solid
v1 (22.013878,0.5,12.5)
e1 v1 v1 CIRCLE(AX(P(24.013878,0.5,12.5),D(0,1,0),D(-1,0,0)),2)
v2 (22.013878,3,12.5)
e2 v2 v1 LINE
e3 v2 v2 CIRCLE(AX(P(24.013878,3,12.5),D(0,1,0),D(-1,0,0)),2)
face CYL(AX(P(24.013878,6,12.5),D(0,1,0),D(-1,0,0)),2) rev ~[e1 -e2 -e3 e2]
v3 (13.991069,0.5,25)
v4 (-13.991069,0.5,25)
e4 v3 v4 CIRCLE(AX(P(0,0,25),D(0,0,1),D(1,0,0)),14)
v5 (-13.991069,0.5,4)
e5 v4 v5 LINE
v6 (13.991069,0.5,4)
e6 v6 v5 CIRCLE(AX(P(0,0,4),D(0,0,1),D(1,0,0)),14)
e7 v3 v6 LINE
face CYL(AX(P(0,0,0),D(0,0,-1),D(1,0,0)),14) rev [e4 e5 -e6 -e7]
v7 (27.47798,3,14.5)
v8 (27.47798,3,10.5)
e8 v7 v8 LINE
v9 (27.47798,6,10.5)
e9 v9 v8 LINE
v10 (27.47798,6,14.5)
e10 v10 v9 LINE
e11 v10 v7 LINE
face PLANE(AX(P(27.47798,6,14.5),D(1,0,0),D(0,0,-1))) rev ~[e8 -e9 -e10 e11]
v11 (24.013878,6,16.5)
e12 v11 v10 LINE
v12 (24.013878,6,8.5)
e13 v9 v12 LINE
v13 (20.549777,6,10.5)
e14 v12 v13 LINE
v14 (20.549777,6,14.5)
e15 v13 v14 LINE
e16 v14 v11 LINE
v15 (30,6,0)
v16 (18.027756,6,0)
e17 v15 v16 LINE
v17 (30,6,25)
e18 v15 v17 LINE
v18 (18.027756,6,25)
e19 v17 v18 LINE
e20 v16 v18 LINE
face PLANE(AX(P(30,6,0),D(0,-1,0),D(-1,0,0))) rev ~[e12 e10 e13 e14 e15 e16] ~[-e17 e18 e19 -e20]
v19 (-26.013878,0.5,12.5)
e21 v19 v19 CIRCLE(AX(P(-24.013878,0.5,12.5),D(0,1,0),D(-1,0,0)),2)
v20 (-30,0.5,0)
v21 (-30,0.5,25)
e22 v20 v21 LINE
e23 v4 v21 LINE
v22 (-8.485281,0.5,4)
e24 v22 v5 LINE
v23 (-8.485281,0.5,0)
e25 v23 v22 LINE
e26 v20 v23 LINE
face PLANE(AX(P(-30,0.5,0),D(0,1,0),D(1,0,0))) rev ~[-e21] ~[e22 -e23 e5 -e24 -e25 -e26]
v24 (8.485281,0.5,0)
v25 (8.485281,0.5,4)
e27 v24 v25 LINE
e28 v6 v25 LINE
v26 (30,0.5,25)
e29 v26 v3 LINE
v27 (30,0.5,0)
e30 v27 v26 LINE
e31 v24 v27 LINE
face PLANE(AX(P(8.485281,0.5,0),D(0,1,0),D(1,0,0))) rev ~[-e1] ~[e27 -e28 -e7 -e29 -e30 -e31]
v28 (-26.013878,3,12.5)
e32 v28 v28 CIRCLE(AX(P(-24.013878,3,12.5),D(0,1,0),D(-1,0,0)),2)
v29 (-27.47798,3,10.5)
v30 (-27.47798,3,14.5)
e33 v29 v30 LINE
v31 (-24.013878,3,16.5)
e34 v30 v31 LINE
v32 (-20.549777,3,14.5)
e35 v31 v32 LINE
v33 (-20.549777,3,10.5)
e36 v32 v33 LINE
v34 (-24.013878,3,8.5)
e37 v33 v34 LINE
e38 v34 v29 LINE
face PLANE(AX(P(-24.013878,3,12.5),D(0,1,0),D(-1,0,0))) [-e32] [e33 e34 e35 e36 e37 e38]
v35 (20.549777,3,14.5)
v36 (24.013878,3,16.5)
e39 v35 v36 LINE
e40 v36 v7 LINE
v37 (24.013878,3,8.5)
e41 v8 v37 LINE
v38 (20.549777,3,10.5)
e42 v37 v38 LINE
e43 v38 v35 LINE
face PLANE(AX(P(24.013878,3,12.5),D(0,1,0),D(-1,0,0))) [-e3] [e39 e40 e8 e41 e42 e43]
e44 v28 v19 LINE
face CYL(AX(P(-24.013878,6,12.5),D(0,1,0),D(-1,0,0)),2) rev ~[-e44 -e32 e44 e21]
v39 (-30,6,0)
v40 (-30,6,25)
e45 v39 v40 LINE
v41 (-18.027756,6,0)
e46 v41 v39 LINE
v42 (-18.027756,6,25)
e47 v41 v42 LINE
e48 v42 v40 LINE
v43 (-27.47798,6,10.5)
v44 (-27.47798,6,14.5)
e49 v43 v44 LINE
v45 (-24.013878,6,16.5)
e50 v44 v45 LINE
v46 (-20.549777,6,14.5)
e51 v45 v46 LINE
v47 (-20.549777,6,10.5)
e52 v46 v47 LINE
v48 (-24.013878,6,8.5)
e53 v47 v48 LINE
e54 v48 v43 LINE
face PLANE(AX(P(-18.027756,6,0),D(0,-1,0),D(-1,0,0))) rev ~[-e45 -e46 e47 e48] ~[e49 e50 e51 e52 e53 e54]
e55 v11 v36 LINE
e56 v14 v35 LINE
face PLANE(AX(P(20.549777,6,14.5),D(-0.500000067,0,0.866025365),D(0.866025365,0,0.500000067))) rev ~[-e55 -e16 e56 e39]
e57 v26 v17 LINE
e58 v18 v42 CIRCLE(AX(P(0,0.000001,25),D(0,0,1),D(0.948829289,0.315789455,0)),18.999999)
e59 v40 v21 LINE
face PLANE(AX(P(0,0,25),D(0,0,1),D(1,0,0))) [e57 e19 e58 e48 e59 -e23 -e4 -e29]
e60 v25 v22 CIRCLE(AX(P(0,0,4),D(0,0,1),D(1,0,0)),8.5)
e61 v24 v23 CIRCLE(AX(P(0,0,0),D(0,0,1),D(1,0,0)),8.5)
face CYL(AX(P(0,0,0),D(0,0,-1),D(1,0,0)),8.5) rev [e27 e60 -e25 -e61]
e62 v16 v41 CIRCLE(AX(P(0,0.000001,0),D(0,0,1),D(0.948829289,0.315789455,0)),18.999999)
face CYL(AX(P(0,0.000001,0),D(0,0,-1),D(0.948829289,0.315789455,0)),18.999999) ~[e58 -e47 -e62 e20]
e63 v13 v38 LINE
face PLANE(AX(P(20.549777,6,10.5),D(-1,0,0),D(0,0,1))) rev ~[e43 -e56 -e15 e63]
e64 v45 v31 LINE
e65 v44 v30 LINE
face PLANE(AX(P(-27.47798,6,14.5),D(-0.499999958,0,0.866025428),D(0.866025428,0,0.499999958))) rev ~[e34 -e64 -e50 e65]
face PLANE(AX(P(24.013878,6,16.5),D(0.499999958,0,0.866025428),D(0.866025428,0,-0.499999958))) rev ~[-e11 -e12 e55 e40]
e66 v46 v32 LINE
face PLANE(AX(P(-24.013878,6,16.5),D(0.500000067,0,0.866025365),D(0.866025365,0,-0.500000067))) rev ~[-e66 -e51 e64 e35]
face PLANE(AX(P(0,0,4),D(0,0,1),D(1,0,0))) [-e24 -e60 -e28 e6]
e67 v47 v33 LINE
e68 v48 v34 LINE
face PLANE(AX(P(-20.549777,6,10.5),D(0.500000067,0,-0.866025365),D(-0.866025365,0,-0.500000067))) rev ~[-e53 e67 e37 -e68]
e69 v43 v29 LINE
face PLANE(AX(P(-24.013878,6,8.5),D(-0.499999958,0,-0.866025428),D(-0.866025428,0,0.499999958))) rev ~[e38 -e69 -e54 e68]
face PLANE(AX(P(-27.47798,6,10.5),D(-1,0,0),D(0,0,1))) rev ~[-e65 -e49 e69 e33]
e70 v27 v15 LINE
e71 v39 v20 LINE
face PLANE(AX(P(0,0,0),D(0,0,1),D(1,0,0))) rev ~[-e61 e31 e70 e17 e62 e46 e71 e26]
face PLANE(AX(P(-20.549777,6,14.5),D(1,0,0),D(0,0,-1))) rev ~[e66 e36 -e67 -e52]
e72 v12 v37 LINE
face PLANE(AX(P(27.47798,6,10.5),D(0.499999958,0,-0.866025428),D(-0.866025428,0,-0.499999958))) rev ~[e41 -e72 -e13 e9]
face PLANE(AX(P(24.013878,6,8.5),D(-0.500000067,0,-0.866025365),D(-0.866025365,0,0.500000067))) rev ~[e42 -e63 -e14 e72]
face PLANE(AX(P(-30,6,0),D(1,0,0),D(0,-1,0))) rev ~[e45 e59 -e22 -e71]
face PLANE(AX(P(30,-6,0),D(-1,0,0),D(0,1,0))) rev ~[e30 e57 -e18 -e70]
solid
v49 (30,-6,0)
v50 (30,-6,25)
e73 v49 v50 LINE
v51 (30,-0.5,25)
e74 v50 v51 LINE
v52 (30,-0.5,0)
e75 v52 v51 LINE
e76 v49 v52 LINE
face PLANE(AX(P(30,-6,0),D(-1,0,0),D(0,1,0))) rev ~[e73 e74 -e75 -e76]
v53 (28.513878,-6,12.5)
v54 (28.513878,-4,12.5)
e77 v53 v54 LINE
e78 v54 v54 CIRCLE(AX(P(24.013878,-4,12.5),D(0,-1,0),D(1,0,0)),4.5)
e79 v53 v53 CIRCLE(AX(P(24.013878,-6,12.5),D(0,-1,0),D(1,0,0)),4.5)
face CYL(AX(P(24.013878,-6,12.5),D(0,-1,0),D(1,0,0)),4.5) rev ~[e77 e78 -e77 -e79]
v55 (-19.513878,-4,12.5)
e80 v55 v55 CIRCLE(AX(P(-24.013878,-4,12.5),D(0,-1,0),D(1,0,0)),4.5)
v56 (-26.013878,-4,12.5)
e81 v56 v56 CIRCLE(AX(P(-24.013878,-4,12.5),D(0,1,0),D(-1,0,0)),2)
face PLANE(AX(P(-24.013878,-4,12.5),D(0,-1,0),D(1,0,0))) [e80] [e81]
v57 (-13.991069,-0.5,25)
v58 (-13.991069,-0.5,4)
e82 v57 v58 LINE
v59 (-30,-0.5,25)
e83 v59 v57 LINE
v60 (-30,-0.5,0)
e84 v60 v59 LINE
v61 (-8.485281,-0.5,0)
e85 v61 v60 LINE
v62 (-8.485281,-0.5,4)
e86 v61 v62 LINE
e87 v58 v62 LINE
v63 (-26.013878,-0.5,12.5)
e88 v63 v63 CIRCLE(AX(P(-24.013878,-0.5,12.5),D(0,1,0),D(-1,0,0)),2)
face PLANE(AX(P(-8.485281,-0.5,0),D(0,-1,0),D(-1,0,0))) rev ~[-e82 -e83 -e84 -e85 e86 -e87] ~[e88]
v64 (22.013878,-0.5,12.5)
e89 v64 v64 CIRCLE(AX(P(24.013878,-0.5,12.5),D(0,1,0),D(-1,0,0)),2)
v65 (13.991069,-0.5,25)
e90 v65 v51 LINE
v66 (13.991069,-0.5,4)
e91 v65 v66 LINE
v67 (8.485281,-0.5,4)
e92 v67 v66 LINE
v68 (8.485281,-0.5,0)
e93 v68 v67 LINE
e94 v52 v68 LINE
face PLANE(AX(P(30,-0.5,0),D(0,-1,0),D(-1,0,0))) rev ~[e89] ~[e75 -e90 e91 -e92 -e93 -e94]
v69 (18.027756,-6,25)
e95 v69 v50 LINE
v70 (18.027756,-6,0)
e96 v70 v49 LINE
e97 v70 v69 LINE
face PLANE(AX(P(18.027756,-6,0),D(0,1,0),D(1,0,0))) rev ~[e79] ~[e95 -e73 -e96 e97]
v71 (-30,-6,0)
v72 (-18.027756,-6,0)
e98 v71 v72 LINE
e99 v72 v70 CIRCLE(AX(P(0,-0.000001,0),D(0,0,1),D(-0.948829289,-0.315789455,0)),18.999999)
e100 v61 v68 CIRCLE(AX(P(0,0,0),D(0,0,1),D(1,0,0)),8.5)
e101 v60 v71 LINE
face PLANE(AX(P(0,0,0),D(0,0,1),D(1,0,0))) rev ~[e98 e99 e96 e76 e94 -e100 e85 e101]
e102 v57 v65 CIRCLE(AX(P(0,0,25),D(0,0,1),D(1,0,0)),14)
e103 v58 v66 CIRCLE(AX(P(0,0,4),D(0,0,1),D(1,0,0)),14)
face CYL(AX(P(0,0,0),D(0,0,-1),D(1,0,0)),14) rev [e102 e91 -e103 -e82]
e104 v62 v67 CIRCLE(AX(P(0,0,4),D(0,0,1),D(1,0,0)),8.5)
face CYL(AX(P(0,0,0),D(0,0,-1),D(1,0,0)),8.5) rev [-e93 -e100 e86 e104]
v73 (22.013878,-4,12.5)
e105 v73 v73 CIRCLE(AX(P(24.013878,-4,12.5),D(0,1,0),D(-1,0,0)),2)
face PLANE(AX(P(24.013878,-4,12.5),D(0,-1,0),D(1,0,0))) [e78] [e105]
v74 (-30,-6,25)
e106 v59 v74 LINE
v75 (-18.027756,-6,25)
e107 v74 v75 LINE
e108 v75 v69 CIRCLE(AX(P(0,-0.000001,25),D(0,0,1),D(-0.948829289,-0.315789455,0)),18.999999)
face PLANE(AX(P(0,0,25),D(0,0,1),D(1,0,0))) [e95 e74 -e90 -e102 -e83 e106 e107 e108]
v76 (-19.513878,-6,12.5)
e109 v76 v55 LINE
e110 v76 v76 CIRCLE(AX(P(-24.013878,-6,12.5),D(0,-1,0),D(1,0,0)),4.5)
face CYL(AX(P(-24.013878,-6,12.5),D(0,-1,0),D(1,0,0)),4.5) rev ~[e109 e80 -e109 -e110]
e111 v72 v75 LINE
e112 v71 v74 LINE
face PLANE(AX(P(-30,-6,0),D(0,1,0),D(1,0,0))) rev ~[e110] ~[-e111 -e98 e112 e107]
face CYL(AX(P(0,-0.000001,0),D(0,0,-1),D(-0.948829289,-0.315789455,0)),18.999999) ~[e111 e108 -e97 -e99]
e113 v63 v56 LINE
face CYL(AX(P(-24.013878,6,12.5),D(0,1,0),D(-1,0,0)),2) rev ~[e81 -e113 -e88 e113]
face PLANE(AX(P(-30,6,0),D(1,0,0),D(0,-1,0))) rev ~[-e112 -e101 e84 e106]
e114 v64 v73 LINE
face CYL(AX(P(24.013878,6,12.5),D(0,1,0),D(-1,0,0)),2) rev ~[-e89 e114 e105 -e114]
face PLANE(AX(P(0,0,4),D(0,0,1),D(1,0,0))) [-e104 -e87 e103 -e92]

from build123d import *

# Parameters (mm, degrees)
F0_R     = 14
F1_DEPTH = 25
F0_R_2   = 8.5
F2_DEPTH = 4
F3_R     = 2
F4_DEPTH = 25
F5_DEPTH = 3
F6_R     = 4.5
F6_R_2   = 2
F7_DEPTH = 2
F9_DEPTH = 30


with BuildPart() as f1:
    # F0 (on Top) → F1 (new body)
    with BuildSketch(Plane.XY):
        with BuildLine():
            Line((-30, -6), (-18.027756, -6))
            ThreePointArc((-18.027756, -6), (0, -19), (18.027756, -6))
            Line((18.027756, -6), (30, -6))
            Line((30, -6), (30, 6))
            Line((30, 6), (18.027756, 6))
            ThreePointArc((18.027756, 6), (0, 19), (-18.027756, 6))
            Line((-18.027756, 6), (-30, 6))
            Line((-30, 6), (-30, -6))
        make_face()
        Circle(F0_R, mode=Mode.SUBTRACT)
    extrude(amount=F1_DEPTH)

    # F0 (on Top) → F2 (join)
    with BuildSketch(Plane.XY):
        Circle(F0_R)
        Circle(F0_R_2, mode=Mode.SUBTRACT)
    extrude(amount=F2_DEPTH)

    # F3 (on face) → F4 (cut)
    with BuildSketch(Plane(origin=(0, 6, 0), x_dir=(-1, 0, 0), z_dir=(0, 1, 0))):
        with Locations((-24.013878, 12.5)):
            Circle(F3_R)
        with Locations((24.013878, 12.5)):
            Circle(F3_R)
    extrude(amount=-F4_DEPTH, mode=Mode.SUBTRACT)

    # F3 (on face) → F5 (cut)
    with BuildSketch(Plane(origin=(0, 6, 0), x_dir=(-1, 0, 0), z_dir=(0, 1, 0))):
        Polygon((-27.47798, 10.5), (-24.013878, 8.5), (-20.549777, 10.5), (-20.549777, 14.5), (-24.013878, 16.5), (-27.47798, 14.5), align=None)
        with Locations((-24.013878, 12.5)):
            Circle(F3_R, mode=Mode.SUBTRACT)
        Polygon((20.549777, 10.5), (24.013878, 8.5), (27.47798, 10.5), (27.47798, 14.5), (24.013878, 16.5), (20.549777, 14.5), align=None)
        with Locations((24.013878, 12.5)):
            Circle(F3_R, mode=Mode.SUBTRACT)
    extrude(amount=-F5_DEPTH, mode=Mode.SUBTRACT)

    # F6 (on face) → F7 (cut)
    with BuildSketch(Plane.XZ.offset(6)):
        with Locations((-24.013878, 12.5)):
            Circle(F6_R)
        with Locations((-24.013878, 12.5)):
            Circle(F6_R_2, mode=Mode.SUBTRACT)
        with Locations((24.013878, 12.5)):
            Circle(F6_R)
    extrude(amount=-F7_DEPTH, mode=Mode.SUBTRACT)

    # F8 (on face) → F9 (cut)
    with BuildSketch(Plane(origin=(0, 0, 0), x_dir=(1, 0, 0), z_dir=(0, 0, -1))):
        with BuildLine():
            Line((-30, -0.5), (-8.5, -0.5))
            Line((-8.5, -0.5), (-8.485281, -0.5))
            ThreePointArc((-8.485281, -0.5), (-8.5, 0), (-8.485281, 0.5))
            Line((-8.485281, 0.5), (-30, 0.5))
            Line((-30, 0.5), (-30, -0.5))
        make_face()
        with BuildLine():
            ThreePointArc((8.5, 0), (8.49632, -0.250108), (8.485281, -0.5))
            Line((8.485281, -0.5), (30, -0.5))
            Line((30, -0.5), (30, 0.5))
            Line((30, 0.5), (8.5, 0.5))
            Line((8.5, 0.5), (8.485281, 0.5))
            ThreePointArc((8.485281, 0.5), (8.49632, 0.250108), (8.5, 0))
        make_face()
    extrude(amount=-F9_DEPTH, mode=Mode.SUBTRACT)


solid = f1.part
